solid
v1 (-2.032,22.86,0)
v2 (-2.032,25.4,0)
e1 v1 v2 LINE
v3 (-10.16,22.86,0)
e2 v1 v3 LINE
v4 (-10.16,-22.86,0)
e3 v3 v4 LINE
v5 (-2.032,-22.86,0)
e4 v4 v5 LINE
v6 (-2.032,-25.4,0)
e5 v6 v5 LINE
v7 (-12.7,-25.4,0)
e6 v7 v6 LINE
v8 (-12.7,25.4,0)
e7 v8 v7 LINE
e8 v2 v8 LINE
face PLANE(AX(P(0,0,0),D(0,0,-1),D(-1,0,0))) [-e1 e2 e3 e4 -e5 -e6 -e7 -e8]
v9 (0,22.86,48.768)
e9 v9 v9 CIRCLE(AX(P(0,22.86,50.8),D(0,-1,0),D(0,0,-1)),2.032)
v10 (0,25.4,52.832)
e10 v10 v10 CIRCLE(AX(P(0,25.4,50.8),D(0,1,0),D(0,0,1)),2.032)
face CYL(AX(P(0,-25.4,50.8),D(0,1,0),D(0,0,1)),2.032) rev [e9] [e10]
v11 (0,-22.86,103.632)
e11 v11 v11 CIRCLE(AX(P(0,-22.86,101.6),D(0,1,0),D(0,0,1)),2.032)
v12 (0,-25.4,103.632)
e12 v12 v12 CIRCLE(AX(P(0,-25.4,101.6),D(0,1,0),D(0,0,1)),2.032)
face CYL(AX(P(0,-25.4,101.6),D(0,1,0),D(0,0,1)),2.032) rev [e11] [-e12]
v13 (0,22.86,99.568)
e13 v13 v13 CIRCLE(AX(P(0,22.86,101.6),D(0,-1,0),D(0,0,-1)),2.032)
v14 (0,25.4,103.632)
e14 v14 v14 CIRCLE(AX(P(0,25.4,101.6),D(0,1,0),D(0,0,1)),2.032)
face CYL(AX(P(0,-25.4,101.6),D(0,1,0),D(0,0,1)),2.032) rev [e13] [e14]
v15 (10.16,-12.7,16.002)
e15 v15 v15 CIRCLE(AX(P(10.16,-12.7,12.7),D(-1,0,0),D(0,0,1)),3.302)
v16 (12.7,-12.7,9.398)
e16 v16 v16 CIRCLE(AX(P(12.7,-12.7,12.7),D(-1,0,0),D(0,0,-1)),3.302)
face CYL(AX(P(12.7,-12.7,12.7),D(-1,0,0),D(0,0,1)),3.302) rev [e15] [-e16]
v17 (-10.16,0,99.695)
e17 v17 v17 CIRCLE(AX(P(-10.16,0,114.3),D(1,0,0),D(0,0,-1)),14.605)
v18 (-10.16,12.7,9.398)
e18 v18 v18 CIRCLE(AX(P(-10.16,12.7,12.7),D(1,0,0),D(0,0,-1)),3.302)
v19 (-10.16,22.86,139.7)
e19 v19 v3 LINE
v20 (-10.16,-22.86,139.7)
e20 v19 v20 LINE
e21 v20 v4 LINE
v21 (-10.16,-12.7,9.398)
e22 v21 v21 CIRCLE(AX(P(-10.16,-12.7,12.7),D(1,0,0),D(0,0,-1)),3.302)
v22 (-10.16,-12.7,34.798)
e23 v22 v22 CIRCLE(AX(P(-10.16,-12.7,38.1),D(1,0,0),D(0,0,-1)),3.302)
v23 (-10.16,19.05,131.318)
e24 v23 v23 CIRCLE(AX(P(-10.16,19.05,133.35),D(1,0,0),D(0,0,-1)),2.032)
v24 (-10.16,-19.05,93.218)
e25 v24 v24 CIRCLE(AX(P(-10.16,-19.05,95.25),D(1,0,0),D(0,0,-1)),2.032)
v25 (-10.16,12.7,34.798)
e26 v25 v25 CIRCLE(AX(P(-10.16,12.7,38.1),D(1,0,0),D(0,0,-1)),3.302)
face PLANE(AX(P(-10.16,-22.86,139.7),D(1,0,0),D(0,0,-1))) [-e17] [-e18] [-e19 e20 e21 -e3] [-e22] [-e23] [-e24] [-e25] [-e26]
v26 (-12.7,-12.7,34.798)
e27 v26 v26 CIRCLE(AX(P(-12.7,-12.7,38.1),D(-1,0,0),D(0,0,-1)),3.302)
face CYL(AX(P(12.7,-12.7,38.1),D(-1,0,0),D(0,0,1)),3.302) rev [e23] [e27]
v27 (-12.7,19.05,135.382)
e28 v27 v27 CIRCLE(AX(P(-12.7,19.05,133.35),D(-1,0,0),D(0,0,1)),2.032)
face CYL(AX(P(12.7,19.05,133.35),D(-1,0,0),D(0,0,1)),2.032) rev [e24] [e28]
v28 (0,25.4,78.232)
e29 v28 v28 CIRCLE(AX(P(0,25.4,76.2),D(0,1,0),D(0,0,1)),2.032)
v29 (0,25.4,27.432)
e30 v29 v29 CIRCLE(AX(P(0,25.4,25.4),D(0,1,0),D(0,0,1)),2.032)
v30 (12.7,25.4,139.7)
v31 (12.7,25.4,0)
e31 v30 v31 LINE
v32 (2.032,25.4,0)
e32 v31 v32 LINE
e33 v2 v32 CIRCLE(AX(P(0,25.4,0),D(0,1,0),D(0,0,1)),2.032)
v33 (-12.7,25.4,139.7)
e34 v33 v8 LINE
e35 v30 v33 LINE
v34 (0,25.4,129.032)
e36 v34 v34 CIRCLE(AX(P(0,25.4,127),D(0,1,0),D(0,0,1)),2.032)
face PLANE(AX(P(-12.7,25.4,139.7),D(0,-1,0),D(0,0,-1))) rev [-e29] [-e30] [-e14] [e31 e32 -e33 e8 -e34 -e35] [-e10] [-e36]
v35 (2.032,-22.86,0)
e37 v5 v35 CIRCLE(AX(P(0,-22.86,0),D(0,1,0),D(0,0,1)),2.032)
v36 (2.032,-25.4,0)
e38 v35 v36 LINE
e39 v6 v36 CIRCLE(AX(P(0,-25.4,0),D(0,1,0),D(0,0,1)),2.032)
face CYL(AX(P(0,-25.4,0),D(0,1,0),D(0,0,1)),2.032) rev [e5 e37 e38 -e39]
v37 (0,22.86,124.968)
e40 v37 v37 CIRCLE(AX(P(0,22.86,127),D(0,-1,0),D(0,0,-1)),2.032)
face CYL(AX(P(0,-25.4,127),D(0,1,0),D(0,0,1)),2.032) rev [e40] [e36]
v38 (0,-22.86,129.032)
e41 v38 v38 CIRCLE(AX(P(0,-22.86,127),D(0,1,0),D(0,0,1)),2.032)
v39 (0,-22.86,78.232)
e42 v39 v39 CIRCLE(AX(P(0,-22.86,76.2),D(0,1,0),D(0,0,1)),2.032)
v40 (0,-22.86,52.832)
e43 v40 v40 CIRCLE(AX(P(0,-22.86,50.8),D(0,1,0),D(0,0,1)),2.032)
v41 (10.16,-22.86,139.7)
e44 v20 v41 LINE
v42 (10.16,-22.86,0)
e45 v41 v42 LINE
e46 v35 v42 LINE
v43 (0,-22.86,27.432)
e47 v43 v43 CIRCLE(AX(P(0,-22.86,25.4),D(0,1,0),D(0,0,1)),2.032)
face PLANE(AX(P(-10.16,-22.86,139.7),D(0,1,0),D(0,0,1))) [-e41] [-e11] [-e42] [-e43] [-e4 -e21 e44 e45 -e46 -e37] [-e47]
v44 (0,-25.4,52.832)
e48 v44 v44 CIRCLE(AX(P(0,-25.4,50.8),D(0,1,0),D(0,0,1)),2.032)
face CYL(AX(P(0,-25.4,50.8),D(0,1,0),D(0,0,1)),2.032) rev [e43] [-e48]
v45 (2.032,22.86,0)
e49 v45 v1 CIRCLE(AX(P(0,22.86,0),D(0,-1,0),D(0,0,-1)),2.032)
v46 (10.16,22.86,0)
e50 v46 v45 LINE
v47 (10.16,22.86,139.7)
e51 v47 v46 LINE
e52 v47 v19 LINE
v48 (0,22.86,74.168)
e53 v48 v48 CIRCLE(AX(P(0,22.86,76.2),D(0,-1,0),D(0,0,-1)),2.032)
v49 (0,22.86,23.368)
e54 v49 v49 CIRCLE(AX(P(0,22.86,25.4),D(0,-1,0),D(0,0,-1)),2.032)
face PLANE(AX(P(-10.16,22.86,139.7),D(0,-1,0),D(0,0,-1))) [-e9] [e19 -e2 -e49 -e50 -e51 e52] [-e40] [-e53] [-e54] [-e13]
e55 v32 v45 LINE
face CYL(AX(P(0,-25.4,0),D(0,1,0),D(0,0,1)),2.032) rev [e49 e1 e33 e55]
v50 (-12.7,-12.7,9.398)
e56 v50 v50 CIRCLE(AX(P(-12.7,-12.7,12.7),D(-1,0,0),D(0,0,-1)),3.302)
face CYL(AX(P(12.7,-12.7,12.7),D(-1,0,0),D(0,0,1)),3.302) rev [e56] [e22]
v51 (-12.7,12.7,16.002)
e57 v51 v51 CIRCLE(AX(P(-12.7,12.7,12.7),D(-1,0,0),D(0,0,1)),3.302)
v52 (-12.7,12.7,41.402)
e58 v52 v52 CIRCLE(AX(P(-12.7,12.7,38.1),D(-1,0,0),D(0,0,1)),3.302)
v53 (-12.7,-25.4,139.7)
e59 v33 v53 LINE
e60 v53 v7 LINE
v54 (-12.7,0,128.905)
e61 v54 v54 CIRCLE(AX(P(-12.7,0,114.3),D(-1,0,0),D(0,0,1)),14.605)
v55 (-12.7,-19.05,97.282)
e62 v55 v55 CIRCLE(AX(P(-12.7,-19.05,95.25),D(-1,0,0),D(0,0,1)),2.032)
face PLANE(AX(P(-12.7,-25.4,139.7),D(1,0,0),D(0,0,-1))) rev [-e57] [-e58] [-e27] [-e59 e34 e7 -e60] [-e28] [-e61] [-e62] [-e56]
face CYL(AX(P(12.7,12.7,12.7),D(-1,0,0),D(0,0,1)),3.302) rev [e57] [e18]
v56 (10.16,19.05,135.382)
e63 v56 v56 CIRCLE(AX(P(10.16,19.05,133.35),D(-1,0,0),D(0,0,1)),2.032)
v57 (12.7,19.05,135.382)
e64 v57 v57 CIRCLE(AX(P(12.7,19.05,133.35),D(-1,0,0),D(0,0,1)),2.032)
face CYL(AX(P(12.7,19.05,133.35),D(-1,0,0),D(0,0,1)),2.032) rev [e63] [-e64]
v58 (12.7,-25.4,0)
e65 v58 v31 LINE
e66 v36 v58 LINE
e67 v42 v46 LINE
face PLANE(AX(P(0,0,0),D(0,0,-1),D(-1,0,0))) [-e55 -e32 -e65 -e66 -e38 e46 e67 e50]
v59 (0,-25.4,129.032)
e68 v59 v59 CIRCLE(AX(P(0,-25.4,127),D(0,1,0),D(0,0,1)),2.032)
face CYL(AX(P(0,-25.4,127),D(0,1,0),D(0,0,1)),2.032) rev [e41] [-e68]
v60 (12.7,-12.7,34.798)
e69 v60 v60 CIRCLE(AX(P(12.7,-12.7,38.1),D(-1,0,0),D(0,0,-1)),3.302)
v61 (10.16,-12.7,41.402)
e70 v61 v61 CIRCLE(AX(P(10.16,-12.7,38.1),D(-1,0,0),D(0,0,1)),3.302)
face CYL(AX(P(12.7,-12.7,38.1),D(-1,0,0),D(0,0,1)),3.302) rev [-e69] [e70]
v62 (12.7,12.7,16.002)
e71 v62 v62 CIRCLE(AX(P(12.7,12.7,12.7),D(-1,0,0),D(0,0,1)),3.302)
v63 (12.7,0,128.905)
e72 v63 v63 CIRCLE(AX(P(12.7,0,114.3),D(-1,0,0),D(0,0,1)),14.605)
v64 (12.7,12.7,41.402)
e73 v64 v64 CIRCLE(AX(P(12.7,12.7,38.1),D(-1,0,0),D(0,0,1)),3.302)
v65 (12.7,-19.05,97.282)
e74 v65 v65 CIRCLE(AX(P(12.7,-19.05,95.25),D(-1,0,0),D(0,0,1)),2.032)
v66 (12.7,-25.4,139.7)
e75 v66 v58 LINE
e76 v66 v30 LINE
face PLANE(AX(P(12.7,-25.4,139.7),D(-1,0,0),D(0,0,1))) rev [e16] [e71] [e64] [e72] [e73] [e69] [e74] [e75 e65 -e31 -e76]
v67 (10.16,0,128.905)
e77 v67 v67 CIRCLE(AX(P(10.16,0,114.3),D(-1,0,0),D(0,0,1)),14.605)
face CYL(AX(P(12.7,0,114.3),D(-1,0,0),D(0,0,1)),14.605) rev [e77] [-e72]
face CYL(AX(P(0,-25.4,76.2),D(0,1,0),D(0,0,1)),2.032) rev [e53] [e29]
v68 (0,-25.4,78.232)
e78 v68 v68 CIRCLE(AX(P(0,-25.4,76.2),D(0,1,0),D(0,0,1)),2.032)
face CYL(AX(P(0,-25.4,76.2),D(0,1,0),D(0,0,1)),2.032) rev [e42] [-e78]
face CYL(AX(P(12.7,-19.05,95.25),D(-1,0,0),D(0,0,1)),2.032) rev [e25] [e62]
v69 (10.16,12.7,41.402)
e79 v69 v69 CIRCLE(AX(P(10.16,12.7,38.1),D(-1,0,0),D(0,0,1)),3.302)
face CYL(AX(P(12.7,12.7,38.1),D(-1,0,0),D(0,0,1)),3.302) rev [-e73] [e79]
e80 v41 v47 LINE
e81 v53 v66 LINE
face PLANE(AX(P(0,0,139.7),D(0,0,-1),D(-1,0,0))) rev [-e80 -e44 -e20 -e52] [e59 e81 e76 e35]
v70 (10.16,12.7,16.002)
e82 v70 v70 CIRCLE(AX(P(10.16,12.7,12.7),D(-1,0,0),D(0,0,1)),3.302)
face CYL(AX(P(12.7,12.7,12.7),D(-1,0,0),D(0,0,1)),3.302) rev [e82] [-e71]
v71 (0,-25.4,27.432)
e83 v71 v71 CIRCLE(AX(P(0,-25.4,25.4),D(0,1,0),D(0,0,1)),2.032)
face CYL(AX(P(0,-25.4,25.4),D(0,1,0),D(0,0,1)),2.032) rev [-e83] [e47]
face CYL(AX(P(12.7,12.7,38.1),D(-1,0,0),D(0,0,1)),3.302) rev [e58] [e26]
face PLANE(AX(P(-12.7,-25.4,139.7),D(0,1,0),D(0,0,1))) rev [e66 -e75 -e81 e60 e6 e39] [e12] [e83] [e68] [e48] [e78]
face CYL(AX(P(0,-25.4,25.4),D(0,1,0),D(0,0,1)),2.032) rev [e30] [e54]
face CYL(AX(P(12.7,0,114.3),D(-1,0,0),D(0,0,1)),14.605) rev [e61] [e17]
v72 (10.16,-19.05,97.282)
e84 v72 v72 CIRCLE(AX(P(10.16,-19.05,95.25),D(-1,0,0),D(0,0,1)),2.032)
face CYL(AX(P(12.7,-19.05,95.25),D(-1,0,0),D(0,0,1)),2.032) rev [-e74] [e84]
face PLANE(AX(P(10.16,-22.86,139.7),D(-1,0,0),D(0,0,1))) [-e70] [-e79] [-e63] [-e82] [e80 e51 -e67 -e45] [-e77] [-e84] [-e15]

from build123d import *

# Parameters (mm, degrees)
SKETCH1_W           = 25.4
SKETCH1_H           = 50.8
SKETCH1_W_2         = 20.32
SKETCH1_H_2         = 45.72
BOSS_EXTRUDE1_DEPTH = 139.7
SKETCH2_R           = 2.032
CUT_EXTRUDE1_DEPTH  = 150.191219581
SKETCH3_R           = 2.032
SKETCH3_R_2         = 14.605
SKETCH3_R_3         = 3.302
CUT_EXTRUDE2_DEPTH  = 145.244271983


with BuildPart() as part:
    # Sketch1 → Boss-Extrude1 (new body)
    with BuildSketch(Plane.XY):
        Rectangle(SKETCH1_W, SKETCH1_H)
        Rectangle(SKETCH1_W_2, SKETCH1_H_2, mode=Mode.SUBTRACT)
    extrude(amount=BOSS_EXTRUDE1_DEPTH)

    # Sketch2 → Cut-Extrude1 (cut, through all)
    with BuildSketch(Plane(origin=(0, 25.4, 0), x_dir=(1, 0, 0), z_dir=(0, 1, 0))):
        Circle(SKETCH2_R)
        with Locations(Location((0, -25.4, 0), (0, 0, 270))):
            Circle(SKETCH2_R)
        with Locations(Location((0, -50.8, 0), (0, 0, 270))):
            Circle(SKETCH2_R)
        with Locations(Location((0, -76.2, 0), (0, 0, 270))):
            Circle(SKETCH2_R)
        with Locations(Location((0, -101.6, 0), (0, 0, 270))):
            Circle(SKETCH2_R)
        with Locations(Location((0, -127, 0), (0, 0, 270))):
            Circle(SKETCH2_R)
        with Locations((0, -152.4)):
            Circle(SKETCH2_R)
        with Locations((0, -177.8)):
            Circle(SKETCH2_R)
        with Locations((0, -203.2)):
            Circle(SKETCH2_R)
        with Locations((0, -228.6)):
            Circle(SKETCH2_R)
    extrude(amount=-CUT_EXTRUDE1_DEPTH, mode=Mode.SUBTRACT)

    # Sketch3 → Cut-Extrude2 (cut, through all)
    with BuildSketch(Plane.ZY.offset(12.7)):
        with Locations((133.35, 19.05)):
            Circle(SKETCH3_R)
        with Locations((95.25, -19.05)):
            Circle(SKETCH3_R)
        with Locations((114.3, 0)):
            Circle(SKETCH3_R_2)
        with Locations((12.7, 12.7)):
            Circle(SKETCH3_R_3)
        with Locations((38.1, 12.7)):
            Circle(SKETCH3_R_3)
        with Locations((38.1, -12.7)):
            Circle(SKETCH3_R_3)
        with Locations((12.7, -12.7)):
            Circle(SKETCH3_R_3)
    extrude(amount=-CUT_EXTRUDE2_DEPTH, mode=Mode.SUBTRACT)


solid = part.part
